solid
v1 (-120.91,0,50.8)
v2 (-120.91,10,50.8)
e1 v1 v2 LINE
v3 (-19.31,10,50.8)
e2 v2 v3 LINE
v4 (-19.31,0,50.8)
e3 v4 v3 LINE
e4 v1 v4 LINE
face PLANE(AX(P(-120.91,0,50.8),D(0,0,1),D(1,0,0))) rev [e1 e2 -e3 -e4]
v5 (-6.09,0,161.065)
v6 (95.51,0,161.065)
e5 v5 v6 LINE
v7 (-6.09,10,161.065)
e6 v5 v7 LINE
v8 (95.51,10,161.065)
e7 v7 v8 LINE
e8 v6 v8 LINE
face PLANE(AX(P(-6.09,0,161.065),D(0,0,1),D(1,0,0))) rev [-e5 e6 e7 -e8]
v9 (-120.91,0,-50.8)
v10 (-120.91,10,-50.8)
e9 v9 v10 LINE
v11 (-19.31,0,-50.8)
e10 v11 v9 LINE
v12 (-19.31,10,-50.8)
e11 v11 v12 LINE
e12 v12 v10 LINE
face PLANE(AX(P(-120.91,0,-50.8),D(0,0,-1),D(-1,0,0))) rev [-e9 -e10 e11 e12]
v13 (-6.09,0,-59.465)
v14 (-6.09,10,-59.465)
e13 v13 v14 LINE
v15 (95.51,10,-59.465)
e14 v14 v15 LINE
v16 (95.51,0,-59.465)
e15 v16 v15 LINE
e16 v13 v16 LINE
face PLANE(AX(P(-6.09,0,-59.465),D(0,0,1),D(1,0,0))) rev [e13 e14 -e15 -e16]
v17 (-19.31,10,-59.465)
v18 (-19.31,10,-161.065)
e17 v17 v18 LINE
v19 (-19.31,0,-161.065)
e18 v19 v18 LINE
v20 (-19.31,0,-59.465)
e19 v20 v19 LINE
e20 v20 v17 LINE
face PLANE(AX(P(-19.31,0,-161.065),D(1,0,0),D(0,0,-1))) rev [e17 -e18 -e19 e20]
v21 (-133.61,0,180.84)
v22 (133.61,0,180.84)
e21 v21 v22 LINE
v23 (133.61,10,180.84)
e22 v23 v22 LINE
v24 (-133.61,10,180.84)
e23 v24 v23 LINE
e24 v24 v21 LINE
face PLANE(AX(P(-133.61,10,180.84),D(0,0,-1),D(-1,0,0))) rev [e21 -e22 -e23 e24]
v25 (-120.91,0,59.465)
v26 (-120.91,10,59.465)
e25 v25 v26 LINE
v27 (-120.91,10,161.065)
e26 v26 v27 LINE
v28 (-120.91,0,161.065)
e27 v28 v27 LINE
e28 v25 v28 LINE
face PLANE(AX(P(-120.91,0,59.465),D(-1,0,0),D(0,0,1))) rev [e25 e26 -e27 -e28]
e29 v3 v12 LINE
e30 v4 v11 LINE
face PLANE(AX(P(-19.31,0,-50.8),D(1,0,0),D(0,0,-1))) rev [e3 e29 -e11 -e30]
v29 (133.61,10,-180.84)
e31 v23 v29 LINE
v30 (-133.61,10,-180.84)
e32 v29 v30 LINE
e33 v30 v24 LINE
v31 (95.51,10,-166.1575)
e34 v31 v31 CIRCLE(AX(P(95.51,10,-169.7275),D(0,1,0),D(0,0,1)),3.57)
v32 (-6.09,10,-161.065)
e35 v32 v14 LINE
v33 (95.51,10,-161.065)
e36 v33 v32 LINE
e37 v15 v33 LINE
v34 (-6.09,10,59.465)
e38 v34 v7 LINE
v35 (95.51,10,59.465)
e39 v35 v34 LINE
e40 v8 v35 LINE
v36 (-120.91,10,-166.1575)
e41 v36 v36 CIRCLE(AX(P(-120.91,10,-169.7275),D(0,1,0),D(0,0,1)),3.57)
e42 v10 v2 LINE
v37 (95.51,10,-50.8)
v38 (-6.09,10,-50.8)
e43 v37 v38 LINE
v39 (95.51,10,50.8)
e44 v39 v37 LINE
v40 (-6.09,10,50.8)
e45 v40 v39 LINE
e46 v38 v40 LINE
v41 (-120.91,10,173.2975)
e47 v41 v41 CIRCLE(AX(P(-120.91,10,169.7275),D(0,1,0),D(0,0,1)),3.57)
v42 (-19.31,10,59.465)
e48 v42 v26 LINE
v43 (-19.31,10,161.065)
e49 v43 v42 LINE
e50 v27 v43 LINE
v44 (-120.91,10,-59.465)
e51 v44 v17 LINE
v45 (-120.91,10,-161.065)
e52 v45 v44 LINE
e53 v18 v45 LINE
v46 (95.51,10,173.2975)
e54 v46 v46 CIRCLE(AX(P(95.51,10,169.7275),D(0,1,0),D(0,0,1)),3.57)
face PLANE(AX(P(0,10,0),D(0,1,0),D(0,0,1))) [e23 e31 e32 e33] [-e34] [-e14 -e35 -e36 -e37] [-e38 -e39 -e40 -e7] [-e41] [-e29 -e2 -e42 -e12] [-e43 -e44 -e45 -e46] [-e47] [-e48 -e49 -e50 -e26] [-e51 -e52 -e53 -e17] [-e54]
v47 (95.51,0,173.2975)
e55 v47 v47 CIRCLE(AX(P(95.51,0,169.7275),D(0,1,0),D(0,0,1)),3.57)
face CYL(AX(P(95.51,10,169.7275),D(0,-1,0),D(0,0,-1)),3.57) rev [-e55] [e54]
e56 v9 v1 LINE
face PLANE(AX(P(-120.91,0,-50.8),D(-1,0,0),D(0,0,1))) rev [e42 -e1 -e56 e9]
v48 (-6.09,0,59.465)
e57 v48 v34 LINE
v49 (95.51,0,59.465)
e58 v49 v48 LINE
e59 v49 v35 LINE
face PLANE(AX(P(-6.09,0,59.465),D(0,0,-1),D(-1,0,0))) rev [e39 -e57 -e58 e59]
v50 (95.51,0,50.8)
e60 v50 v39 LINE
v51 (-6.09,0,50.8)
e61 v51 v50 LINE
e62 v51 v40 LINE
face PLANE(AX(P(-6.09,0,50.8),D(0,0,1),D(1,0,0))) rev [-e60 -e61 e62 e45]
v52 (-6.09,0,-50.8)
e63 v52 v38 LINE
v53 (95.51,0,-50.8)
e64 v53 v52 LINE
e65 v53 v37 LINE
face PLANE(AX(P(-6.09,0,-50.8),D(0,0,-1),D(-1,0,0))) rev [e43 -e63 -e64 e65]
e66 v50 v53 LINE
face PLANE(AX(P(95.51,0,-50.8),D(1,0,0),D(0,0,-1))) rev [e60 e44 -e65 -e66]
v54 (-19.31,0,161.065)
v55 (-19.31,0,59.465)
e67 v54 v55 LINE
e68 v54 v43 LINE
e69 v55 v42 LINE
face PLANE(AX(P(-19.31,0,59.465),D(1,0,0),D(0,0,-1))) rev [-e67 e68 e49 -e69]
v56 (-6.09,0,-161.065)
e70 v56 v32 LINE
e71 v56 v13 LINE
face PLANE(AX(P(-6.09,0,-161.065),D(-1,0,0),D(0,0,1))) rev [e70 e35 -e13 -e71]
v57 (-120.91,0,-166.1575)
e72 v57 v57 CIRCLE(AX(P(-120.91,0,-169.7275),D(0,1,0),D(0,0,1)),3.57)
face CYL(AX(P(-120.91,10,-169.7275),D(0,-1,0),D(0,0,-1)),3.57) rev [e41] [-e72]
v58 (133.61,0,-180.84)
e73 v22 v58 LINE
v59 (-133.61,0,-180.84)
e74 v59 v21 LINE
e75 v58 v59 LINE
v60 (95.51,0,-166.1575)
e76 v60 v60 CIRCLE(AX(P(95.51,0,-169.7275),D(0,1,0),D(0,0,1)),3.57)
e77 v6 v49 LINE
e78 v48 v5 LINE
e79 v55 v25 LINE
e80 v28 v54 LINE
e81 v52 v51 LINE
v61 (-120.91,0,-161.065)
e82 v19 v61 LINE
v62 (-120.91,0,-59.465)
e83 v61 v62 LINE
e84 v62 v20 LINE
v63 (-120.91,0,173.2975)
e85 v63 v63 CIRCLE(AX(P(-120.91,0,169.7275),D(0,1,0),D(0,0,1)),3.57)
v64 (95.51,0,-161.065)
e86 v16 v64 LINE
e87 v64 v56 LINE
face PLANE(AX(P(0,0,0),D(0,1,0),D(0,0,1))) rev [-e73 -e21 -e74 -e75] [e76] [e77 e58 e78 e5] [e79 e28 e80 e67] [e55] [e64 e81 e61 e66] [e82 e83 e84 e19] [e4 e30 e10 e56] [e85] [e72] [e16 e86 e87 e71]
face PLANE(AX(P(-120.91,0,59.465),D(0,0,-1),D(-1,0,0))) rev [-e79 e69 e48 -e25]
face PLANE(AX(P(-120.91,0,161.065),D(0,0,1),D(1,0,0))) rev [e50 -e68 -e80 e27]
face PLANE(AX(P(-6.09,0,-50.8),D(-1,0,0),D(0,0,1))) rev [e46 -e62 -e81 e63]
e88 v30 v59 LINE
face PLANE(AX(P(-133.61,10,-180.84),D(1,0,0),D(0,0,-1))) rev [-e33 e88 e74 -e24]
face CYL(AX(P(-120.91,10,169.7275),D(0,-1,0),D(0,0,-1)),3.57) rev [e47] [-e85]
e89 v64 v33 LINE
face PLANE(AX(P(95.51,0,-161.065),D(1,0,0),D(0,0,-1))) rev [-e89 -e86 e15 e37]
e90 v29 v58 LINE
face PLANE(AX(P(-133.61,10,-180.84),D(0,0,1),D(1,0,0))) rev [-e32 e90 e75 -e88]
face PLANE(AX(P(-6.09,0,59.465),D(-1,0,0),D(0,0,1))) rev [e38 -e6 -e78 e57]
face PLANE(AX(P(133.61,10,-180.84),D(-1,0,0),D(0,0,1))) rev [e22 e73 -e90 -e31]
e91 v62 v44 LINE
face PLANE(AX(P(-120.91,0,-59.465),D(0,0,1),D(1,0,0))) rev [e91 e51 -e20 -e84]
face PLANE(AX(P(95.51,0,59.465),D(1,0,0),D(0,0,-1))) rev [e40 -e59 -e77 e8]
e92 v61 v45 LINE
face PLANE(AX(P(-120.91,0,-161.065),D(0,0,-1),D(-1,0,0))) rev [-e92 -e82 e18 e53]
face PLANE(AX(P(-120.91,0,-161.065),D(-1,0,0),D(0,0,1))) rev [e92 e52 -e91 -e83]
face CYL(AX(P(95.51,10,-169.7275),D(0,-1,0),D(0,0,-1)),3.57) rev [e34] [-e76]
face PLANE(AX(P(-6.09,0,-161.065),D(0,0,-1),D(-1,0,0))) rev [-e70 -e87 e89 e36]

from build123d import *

# Parameters (mm, degrees)
SKETCH1_W                 = 267.22
SKETCH1_H                 = 361.68
SKETCH1_R                 = 3.57
BOSS_EXTRUDE1_DEPTH       = 10
SKETCH2_W                 = 101.6
SKETCH2_H                 = 101.6
CUT_EXTRUDE1_DEPTH        = 226.066074076
LPATTERN1_COUNT           = 2
LPATTERN1_PITCH           = 110.265
LPATTERN2_COUNT           = 2
LPATTERN2_PITCH           = 110.265
LPATTERN3_COUNT           = 2
LPATTERN3_PITCH           = 114.82
LPATTERN3_COPY_1_SKETCH_W = 101.6
LPATTERN3_COPY_1_SKETCH_H = 101.6
LPATTERN3_COPY_1_DEPTH    = 226.066074076
LPATTERN3_COPY_2_SKETCH_W = 101.6
LPATTERN3_COPY_2_SKETCH_H = 101.6
LPATTERN3_COPY_2_DEPTH    = 226.066074076


with BuildPart() as part:
    # Sketch1 → Boss-Extrude1 (new body)
    with BuildSketch(Plane(origin=(0, 0, 0), x_dir=(1, 0, 0), z_dir=(0, 1, 0))):
        Rectangle(SKETCH1_W, SKETCH1_H)
        with Locations(Location((-120.91, -169.7275, 0), (0, 0, 270))):
            Circle(SKETCH1_R, mode=Mode.SUBTRACT)
        with Locations(Location((-120.91, 169.7275, 0), (0, 0, 270))):
            Circle(SKETCH1_R, mode=Mode.SUBTRACT)
        with Locations(Location((95.51, 169.7275, 0), (0, 0, 270))):
            Circle(SKETCH1_R, mode=Mode.SUBTRACT)
        with Locations(Location((95.51, -169.7275, 0), (0, 0, 270))):
            Circle(SKETCH1_R, mode=Mode.SUBTRACT)
    extrude(amount=BOSS_EXTRUDE1_DEPTH)

    # Sketch2 → Cut-Extrude1 (cut, through all)
    with BuildSketch(Plane(origin=(0, 10, 0), x_dir=(1, 0, 0), z_dir=(0, 1, 0))):
        with Locations((-70.11, 0)):
            Rectangle(SKETCH2_W, SKETCH2_H)
    cut_extrude1 = extrude(amount=-CUT_EXTRUDE1_DEPTH, mode=Mode.SUBTRACT)

    # LPattern1: Cut-Extrude1 ×2
    with Locations(*[(0, 0, -i * LPATTERN1_PITCH) for i in range(1, LPATTERN1_COUNT)]):
        add(cut_extrude1, mode=Mode.SUBTRACT)

    # LPattern2: Cut-Extrude1 ×2
    with Locations(*[(0, 0, i * LPATTERN2_PITCH) for i in range(1, LPATTERN2_COUNT)]):
        add(cut_extrude1, mode=Mode.SUBTRACT)

    # LPattern3: Cut-Extrude1 ×2
    with Locations(*[(i * LPATTERN3_PITCH, 0, 0) for i in range(1, LPATTERN3_COUNT)]):
        add(cut_extrude1, mode=Mode.SUBTRACT)

    # LPattern3 copy 1 sketch → LPattern3 copy 1 (cut, through all)
    with BuildSketch(Plane(origin=(114.82, 10, -110.265), x_dir=(1, 0, 0), z_dir=(0, 1, 0))):
        with Locations((-70.11, 0)):
            Rectangle(LPATTERN3_COPY_1_SKETCH_W, LPATTERN3_COPY_1_SKETCH_H)
    extrude(amount=-LPATTERN3_COPY_1_DEPTH, mode=Mode.SUBTRACT)

    # LPattern3 copy 2 sketch → LPattern3 copy 2 (cut, through all)
    with BuildSketch(Plane(origin=(114.82, 10, 110.265), x_dir=(1, 0, 0), z_dir=(0, 1, 0))):
        with Locations((-70.11, 0)):
            Rectangle(LPATTERN3_COPY_2_SKETCH_W, LPATTERN3_COPY_2_SKETCH_H)
    extrude(amount=-LPATTERN3_COPY_2_DEPTH, mode=Mode.SUBTRACT)


solid = part.part
